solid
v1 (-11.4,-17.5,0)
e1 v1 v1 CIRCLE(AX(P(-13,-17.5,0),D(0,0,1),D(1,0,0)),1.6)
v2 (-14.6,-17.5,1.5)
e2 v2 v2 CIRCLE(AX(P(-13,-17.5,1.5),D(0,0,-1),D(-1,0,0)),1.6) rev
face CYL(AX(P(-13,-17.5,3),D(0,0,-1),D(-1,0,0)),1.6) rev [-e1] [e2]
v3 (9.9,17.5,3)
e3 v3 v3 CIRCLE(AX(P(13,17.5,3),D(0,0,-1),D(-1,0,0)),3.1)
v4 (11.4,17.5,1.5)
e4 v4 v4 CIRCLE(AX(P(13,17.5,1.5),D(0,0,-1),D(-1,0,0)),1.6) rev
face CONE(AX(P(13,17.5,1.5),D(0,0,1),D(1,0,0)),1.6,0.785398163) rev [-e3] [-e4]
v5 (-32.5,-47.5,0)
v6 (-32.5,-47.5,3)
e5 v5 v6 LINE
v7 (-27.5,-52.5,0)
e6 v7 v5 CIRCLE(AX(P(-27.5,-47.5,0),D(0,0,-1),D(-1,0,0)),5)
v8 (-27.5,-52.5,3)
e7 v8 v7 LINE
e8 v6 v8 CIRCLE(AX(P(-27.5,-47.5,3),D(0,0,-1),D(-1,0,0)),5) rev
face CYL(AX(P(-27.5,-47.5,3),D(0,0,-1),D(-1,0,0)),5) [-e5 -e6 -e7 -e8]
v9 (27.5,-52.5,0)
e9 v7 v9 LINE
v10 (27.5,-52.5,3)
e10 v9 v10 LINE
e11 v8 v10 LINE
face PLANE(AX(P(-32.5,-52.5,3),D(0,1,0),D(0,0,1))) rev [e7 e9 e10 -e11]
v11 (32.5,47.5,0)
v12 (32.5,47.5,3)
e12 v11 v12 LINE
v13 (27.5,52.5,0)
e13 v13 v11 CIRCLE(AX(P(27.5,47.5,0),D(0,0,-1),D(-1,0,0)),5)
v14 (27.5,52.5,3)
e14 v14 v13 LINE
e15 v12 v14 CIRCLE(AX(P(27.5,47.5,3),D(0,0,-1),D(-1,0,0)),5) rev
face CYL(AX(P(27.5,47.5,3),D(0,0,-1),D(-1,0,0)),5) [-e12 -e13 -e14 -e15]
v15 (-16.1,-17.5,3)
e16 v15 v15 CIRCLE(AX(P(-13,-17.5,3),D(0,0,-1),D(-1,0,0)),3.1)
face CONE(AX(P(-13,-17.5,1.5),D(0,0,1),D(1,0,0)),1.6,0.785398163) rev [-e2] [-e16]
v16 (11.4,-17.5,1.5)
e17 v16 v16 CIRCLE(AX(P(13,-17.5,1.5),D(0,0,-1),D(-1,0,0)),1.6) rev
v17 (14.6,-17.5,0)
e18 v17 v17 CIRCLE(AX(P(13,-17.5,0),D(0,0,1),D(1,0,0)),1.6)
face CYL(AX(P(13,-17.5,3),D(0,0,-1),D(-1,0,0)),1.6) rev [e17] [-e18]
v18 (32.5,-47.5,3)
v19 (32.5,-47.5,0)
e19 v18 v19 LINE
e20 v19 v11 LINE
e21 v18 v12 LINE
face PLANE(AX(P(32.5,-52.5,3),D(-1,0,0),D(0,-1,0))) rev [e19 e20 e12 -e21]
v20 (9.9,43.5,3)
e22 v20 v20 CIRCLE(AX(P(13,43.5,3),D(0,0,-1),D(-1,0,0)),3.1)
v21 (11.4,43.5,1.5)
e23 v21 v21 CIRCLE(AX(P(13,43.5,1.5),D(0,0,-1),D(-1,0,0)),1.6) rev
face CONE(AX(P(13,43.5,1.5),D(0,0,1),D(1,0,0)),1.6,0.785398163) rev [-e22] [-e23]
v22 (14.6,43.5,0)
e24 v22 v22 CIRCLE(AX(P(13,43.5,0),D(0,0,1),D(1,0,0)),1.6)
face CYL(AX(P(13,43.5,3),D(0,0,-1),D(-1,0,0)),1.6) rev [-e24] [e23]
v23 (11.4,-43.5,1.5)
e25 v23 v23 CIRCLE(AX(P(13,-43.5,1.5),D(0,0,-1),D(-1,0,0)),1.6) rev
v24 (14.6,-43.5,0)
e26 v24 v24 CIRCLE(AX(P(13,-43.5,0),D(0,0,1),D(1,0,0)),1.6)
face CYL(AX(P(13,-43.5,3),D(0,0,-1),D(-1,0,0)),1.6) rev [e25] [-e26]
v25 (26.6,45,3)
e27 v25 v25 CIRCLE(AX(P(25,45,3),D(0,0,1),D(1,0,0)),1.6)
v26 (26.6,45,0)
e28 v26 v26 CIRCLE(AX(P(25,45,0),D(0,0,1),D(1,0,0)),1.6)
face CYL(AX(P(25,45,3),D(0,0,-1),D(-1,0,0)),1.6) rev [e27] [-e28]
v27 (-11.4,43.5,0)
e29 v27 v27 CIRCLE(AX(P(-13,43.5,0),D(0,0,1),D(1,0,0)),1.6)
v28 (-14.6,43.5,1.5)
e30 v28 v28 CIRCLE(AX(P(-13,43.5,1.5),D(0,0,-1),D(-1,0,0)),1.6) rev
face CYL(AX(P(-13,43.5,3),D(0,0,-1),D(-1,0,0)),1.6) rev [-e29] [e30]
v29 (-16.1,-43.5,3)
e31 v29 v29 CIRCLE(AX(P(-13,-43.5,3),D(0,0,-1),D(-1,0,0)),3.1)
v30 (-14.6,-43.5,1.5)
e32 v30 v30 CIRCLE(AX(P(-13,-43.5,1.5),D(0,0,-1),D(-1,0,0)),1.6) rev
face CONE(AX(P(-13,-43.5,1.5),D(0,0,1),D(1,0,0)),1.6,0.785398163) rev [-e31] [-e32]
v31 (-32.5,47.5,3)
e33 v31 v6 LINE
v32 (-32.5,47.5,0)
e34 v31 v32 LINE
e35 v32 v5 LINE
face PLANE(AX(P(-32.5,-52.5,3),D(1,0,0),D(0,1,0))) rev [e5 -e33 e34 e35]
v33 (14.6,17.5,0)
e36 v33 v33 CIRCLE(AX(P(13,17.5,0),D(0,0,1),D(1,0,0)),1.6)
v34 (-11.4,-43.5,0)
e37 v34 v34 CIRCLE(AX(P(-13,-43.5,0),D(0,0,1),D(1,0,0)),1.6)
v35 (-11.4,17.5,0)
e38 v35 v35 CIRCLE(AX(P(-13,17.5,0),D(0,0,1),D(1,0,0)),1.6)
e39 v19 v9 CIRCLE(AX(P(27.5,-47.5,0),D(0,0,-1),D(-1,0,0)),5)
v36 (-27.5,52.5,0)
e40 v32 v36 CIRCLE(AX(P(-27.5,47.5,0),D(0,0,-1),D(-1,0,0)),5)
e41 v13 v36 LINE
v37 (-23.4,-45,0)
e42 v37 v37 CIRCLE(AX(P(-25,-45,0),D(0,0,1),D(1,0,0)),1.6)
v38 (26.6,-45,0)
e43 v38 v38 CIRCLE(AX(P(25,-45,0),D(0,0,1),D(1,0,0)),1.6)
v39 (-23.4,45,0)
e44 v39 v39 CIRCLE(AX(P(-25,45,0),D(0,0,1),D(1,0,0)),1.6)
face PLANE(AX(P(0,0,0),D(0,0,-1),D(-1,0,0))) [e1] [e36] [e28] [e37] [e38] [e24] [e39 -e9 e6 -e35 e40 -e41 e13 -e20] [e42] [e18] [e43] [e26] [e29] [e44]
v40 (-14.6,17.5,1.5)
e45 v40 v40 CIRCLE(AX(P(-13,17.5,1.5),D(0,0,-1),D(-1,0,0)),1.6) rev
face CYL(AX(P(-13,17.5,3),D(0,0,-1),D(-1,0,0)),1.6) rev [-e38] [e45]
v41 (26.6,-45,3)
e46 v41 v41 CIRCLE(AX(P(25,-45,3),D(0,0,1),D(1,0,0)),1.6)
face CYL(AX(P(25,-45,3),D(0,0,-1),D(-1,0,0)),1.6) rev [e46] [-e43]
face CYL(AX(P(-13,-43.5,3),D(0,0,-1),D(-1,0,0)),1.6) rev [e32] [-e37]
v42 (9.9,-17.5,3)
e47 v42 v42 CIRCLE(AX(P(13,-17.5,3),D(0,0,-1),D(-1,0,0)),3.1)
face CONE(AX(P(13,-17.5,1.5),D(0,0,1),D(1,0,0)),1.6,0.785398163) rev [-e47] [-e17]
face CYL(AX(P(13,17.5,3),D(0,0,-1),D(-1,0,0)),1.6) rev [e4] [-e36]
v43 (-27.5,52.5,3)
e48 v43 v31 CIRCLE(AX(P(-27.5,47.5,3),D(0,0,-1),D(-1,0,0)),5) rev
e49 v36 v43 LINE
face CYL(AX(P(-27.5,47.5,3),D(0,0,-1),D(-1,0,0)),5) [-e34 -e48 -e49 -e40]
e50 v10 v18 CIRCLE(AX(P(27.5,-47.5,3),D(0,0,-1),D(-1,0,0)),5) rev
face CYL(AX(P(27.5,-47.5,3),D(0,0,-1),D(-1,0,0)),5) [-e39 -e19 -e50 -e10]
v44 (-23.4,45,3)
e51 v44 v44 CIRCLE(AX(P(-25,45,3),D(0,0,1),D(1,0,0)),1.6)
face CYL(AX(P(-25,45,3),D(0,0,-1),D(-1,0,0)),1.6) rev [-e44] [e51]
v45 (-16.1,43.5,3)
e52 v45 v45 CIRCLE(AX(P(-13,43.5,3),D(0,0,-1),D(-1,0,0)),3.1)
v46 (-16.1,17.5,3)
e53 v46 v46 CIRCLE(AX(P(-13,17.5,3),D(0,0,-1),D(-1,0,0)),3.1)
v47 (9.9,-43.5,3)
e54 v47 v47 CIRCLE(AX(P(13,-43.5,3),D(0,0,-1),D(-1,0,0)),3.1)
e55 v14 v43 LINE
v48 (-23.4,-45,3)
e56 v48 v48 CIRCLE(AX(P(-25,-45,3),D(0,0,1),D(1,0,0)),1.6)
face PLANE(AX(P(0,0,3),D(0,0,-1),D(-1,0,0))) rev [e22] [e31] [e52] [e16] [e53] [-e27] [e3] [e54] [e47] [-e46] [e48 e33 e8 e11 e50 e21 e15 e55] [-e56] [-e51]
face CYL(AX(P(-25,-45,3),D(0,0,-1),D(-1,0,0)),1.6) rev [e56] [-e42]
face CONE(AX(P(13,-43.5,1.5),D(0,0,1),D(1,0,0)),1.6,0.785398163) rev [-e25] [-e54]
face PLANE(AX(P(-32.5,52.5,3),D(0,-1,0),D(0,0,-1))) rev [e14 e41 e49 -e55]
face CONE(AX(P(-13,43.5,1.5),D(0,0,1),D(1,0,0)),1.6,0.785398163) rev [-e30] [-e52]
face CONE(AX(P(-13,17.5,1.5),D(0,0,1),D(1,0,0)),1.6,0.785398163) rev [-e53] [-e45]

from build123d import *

# Parameters (mm, degrees)
SKETCH_2_W      = 65
SKETCH_2_H      = 105
SKETCH_2_R      = 1.6
EXTRUDE_1_DEPTH = 3
FILLET_1_R      = 5
CHAMFER_1_SIZE  = 1.5


with BuildPart() as part:
    # ｽｹｯﾁ2 → ﾎﾞｽ - 押し出し1 (new body)
    with BuildSketch(Plane.XY):
        Rectangle(SKETCH_2_W, SKETCH_2_H)
        with Locations((-13, 43.5)):
            Circle(SKETCH_2_R, mode=Mode.SUBTRACT)
        with Locations((13, 17.5)):
            Circle(SKETCH_2_R, mode=Mode.SUBTRACT)
        with Locations((13, 43.5)):
            Circle(SKETCH_2_R, mode=Mode.SUBTRACT)
        with Locations((-13, 17.5)):
            Circle(SKETCH_2_R, mode=Mode.SUBTRACT)
        with Locations((-13, -17.5)):
            Circle(SKETCH_2_R, mode=Mode.SUBTRACT)
        with Locations((13, -17.5)):
            Circle(SKETCH_2_R, mode=Mode.SUBTRACT)
        with Locations((-13, -43.5)):
            Circle(SKETCH_2_R, mode=Mode.SUBTRACT)
        with Locations((13, -43.5)):
            Circle(SKETCH_2_R, mode=Mode.SUBTRACT)
        with Locations((-25, 45)):
            Circle(SKETCH_2_R, mode=Mode.SUBTRACT)
        with Locations((25, 45)):
            Circle(SKETCH_2_R, mode=Mode.SUBTRACT)
        with Locations((25, -45)):
            Circle(SKETCH_2_R, mode=Mode.SUBTRACT)
        with Locations((-25, -45)):
            Circle(SKETCH_2_R, mode=Mode.SUBTRACT)
    extrude(amount=EXTRUDE_1_DEPTH)

    # ﾌｨﾚｯﾄ1
    fillet_1_edges = [part.edges().sort_by_distance(p)[0] for p in [
        (32.5, -52.5, 1.5),
        (-32.5, -52.5, 1.5),
        (-32.5, 52.5, 1.5),
        (32.5, 52.5, 1.5),
    ]]
    fillet(fillet_1_edges, radius=FILLET_1_R)

    # 面取り1
    chamfer_1_edges = [part.edges().sort_by_distance(p)[0] for p in [
        (11.4, 17.5, 3),
        (-14.6, 43.5, 3),
        (11.4, 43.5, 3),
        (-14.6, 17.5, 3),
        (-14.6, -17.5, 3),
        (11.4, -17.5, 3),
        (-14.6, -43.5, 3),
        (11.4, -43.5, 3),
    ]]
    chamfer(chamfer_1_edges, length=CHAMFER_1_SIZE)


solid = part.part
